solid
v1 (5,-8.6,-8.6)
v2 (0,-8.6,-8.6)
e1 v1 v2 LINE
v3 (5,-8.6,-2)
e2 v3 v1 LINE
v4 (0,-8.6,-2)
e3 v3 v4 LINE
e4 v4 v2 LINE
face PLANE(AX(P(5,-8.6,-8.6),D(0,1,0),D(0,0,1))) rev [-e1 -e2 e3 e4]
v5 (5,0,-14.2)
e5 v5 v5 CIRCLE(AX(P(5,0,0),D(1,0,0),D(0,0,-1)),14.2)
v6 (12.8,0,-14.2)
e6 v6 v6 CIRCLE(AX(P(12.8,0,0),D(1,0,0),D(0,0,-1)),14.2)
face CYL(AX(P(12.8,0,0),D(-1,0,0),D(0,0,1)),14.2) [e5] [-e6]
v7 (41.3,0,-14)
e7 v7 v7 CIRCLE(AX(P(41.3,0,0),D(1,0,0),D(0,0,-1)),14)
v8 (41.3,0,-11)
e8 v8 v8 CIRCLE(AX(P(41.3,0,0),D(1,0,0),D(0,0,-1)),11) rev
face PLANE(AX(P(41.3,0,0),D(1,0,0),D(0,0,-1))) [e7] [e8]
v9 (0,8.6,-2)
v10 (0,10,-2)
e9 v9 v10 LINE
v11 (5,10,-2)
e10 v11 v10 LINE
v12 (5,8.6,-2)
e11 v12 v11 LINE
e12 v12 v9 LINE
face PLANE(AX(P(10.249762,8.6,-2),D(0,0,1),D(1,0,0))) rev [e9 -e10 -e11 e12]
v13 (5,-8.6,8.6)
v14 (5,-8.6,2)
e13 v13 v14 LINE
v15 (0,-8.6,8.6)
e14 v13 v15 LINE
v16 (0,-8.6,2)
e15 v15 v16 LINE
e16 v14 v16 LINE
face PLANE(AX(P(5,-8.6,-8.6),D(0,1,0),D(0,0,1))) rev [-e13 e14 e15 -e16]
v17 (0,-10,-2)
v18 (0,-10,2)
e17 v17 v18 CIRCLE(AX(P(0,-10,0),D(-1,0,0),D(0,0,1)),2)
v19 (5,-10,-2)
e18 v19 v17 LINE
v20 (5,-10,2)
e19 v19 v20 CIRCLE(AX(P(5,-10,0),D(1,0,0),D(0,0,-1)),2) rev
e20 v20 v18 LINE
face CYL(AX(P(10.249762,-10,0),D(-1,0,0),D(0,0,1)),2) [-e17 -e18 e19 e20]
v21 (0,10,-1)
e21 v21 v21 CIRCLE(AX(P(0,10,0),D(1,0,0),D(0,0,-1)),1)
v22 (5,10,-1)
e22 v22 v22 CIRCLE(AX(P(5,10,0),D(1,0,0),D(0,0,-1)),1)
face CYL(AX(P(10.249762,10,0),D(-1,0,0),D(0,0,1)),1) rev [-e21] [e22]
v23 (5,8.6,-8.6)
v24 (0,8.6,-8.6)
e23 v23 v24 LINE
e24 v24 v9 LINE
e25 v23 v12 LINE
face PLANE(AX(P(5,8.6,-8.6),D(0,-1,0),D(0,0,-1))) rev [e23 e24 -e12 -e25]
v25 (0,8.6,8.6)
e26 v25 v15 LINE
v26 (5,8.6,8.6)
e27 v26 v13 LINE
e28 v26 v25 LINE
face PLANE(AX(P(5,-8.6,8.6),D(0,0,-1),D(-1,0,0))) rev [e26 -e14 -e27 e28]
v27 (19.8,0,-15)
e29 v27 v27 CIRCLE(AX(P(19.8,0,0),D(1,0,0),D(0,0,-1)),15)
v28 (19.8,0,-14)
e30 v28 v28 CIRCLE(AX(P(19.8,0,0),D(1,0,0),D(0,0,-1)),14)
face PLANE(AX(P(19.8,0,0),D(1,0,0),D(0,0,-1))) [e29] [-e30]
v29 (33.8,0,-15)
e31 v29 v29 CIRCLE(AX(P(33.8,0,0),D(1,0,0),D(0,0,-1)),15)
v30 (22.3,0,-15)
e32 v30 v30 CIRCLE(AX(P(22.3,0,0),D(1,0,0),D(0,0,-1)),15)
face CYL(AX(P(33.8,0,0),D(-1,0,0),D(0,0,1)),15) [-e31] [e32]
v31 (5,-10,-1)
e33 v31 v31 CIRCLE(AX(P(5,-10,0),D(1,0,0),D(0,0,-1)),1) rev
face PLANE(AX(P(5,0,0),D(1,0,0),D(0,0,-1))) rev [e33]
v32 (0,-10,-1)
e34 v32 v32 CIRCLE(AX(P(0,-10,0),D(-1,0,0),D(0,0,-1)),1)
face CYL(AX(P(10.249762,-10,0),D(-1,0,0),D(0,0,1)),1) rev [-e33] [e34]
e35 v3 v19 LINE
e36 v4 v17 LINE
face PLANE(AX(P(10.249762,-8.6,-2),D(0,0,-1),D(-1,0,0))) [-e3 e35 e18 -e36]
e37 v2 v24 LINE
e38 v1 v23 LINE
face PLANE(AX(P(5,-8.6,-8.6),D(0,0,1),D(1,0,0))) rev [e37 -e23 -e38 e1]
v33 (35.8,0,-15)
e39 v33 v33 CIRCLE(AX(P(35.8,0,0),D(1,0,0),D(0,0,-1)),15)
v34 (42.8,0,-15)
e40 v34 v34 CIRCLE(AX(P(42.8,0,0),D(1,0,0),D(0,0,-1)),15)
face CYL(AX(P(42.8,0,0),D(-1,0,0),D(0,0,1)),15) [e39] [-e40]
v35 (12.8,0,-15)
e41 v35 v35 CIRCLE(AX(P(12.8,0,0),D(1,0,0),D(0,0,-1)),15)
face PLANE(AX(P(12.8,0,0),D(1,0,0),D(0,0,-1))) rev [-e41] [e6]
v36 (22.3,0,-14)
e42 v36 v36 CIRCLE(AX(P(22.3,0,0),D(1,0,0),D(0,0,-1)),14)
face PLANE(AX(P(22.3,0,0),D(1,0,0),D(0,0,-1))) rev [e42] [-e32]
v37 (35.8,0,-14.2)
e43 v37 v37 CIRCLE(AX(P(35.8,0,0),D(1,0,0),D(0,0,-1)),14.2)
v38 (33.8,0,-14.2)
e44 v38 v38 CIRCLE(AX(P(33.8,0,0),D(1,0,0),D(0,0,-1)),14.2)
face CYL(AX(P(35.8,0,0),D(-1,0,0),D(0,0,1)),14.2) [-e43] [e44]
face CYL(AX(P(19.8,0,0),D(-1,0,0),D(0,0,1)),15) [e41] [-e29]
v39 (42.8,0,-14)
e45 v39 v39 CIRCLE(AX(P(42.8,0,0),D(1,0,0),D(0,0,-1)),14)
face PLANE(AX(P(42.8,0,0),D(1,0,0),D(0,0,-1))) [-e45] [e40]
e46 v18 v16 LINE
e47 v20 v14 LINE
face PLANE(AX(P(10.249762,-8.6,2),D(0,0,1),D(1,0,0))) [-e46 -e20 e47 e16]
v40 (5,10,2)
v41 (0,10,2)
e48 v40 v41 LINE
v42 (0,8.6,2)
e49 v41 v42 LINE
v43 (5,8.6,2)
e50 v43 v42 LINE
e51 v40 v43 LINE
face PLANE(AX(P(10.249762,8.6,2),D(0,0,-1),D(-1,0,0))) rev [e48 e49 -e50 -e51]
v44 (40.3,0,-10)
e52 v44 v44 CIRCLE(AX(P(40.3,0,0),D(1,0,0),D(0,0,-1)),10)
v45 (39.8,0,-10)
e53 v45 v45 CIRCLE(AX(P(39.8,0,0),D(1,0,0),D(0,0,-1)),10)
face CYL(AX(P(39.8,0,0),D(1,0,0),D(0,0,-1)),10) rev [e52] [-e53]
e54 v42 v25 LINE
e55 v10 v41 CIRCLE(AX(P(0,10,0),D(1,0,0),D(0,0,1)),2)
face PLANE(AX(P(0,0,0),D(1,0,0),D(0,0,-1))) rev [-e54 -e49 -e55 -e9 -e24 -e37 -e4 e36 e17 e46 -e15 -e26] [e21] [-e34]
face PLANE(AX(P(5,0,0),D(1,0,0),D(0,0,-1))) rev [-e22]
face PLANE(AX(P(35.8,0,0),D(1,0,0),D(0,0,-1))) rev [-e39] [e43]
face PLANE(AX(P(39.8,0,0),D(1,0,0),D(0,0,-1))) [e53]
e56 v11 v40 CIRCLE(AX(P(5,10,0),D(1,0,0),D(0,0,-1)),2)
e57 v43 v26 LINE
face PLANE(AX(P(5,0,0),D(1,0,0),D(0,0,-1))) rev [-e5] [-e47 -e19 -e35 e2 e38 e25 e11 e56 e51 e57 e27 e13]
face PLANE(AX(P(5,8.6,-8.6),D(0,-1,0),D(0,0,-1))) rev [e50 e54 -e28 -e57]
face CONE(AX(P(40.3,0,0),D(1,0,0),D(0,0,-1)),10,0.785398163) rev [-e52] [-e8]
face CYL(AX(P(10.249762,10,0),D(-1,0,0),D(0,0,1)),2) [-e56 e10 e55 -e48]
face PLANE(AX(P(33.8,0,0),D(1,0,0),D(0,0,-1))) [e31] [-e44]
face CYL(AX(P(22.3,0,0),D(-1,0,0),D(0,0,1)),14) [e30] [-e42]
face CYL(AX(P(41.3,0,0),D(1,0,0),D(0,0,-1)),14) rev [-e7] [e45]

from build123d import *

# Parameters (mm, degrees)
ESQUISSE1_W             = 17.2
ESQUISSE1_H             = 17.2
BOSS_EXTRU_1_DEPTH      = 5
ESQUISSE2_R             = 1
BOSS_EXTRU_2_DEPTH      = 5
ESQUISSE3_R             = 14.2
BOSS_EXTRU_3_DEPTH      = 7.8
ESQUISSE4_R             = 15
BOSS_EXTRU_4_DEPTH      = 7
ESQUISSE5_R             = 14
BOSS_EXTRU_5_DEPTH      = 2.5
ESQUISSE6_R             = 15
BOSS_EXTRU_6_DEPTH      = 11.5
ESQUISSE7_R             = 14.2
BOSS_EXTRU_7_DEPTH      = 2
ESQUISSE8_R             = 15
BOSS_EXTRU_8_DEPTH      = 7
ESQUISSE9_R             = 14
ENL_V_MAT_EXTRU_1_DEPTH = 1.5
ESQUISSE10_R            = 10
ENL_V_MAT_EXTRU_2_DEPTH = 1.5
CHANFREIN1_SIZE         = 1


with BuildPart() as part:
    # Esquisse1 → Boss.-Extru.1 (new body)
    with BuildSketch(Plane(origin=(0, 0, 0), x_dir=(0, 0, -1), z_dir=(1, 0, 0))):
        Rectangle(ESQUISSE1_W, ESQUISSE1_H)
    extrude(amount=BOSS_EXTRU_1_DEPTH)

    # Esquisse2 → Boss.-Extru.2 (add)
    with BuildSketch(Plane(origin=(0, 0, 0), x_dir=(0, 0, -1), z_dir=(1, 0, 0))):
        with BuildLine():
            Line((-2, 8.6), (-2, 10))
            ThreePointArc((-2, 10), (0, 12), (2, 10))
            Line((2, 10), (2, 8.6))
            Line((2, 8.6), (-2, 8.6))
        make_face()
        with Locations((0, 10)):
            Circle(ESQUISSE2_R, mode=Mode.SUBTRACT)
    boss_extru_2 = extrude(amount=BOSS_EXTRU_2_DEPTH)

    # Symétrie1: Boss.-Extru.2 across plane
    add(boss_extru_2.mirror(Plane.ZX))

    # Esquisse3 → Boss.-Extru.3 (add)
    with BuildSketch(Plane(origin=(5, 0, 0), x_dir=(0, 0, -1), z_dir=(1, 0, 0))):
        Circle(ESQUISSE3_R)
    extrude(amount=BOSS_EXTRU_3_DEPTH)

    # Esquisse4 → Boss.-Extru.4 (add)
    with BuildSketch(Plane(origin=(12.8, 0, 0), x_dir=(0, 0, -1), z_dir=(1, 0, 0))):
        Circle(ESQUISSE4_R)
    extrude(amount=BOSS_EXTRU_4_DEPTH)

    # Esquisse5 → Boss.-Extru.5 (add)
    with BuildSketch(Plane(origin=(19.8, 0, 0), x_dir=(0, 0, -1), z_dir=(1, 0, 0))):
        Circle(ESQUISSE5_R)
    extrude(amount=BOSS_EXTRU_5_DEPTH)

    # Esquisse6 → Boss.-Extru.6 (add)
    with BuildSketch(Plane(origin=(22.3, 0, 0), x_dir=(0, 0, -1), z_dir=(1, 0, 0))):
        Circle(ESQUISSE6_R)
    extrude(amount=BOSS_EXTRU_6_DEPTH)

    # Esquisse7 → Boss.-Extru.7 (add)
    with BuildSketch(Plane(origin=(33.8, 0, 0), x_dir=(0, 0, -1), z_dir=(1, 0, 0))):
        Circle(ESQUISSE7_R)
    extrude(amount=BOSS_EXTRU_7_DEPTH)

    # Esquisse8 → Boss.-Extru.8 (add)
    with BuildSketch(Plane(origin=(35.8, 0, 0), x_dir=(0, 0, -1), z_dir=(1, 0, 0))):
        Circle(ESQUISSE8_R)
    extrude(amount=BOSS_EXTRU_8_DEPTH)

    # Esquisse9 → Enlèv. mat.-Extru.1 (cut)
    with BuildSketch(Plane(origin=(42.8, 0, 0), x_dir=(0, 0, -1), z_dir=(1, 0, 0))):
        Circle(ESQUISSE9_R)
    extrude(amount=-ENL_V_MAT_EXTRU_1_DEPTH, mode=Mode.SUBTRACT)

    # Esquisse10 → Enlèv. mat.-Extru.2 (cut)
    with BuildSketch(Plane(origin=(41.3, 0, 0), x_dir=(0, 0, -1), z_dir=(1, 0, 0))):
        Circle(ESQUISSE10_R)
    extrude(amount=-ENL_V_MAT_EXTRU_2_DEPTH, mode=Mode.SUBTRACT)

    # Chanfrein1
    chanfrein1_edges = [part.edges().sort_by_distance(p)[0] for p in [
        (41.3, 0, 10),
    ]]
    chamfer(chanfrein1_edges, length=CHANFREIN1_SIZE)


solid = part.part
